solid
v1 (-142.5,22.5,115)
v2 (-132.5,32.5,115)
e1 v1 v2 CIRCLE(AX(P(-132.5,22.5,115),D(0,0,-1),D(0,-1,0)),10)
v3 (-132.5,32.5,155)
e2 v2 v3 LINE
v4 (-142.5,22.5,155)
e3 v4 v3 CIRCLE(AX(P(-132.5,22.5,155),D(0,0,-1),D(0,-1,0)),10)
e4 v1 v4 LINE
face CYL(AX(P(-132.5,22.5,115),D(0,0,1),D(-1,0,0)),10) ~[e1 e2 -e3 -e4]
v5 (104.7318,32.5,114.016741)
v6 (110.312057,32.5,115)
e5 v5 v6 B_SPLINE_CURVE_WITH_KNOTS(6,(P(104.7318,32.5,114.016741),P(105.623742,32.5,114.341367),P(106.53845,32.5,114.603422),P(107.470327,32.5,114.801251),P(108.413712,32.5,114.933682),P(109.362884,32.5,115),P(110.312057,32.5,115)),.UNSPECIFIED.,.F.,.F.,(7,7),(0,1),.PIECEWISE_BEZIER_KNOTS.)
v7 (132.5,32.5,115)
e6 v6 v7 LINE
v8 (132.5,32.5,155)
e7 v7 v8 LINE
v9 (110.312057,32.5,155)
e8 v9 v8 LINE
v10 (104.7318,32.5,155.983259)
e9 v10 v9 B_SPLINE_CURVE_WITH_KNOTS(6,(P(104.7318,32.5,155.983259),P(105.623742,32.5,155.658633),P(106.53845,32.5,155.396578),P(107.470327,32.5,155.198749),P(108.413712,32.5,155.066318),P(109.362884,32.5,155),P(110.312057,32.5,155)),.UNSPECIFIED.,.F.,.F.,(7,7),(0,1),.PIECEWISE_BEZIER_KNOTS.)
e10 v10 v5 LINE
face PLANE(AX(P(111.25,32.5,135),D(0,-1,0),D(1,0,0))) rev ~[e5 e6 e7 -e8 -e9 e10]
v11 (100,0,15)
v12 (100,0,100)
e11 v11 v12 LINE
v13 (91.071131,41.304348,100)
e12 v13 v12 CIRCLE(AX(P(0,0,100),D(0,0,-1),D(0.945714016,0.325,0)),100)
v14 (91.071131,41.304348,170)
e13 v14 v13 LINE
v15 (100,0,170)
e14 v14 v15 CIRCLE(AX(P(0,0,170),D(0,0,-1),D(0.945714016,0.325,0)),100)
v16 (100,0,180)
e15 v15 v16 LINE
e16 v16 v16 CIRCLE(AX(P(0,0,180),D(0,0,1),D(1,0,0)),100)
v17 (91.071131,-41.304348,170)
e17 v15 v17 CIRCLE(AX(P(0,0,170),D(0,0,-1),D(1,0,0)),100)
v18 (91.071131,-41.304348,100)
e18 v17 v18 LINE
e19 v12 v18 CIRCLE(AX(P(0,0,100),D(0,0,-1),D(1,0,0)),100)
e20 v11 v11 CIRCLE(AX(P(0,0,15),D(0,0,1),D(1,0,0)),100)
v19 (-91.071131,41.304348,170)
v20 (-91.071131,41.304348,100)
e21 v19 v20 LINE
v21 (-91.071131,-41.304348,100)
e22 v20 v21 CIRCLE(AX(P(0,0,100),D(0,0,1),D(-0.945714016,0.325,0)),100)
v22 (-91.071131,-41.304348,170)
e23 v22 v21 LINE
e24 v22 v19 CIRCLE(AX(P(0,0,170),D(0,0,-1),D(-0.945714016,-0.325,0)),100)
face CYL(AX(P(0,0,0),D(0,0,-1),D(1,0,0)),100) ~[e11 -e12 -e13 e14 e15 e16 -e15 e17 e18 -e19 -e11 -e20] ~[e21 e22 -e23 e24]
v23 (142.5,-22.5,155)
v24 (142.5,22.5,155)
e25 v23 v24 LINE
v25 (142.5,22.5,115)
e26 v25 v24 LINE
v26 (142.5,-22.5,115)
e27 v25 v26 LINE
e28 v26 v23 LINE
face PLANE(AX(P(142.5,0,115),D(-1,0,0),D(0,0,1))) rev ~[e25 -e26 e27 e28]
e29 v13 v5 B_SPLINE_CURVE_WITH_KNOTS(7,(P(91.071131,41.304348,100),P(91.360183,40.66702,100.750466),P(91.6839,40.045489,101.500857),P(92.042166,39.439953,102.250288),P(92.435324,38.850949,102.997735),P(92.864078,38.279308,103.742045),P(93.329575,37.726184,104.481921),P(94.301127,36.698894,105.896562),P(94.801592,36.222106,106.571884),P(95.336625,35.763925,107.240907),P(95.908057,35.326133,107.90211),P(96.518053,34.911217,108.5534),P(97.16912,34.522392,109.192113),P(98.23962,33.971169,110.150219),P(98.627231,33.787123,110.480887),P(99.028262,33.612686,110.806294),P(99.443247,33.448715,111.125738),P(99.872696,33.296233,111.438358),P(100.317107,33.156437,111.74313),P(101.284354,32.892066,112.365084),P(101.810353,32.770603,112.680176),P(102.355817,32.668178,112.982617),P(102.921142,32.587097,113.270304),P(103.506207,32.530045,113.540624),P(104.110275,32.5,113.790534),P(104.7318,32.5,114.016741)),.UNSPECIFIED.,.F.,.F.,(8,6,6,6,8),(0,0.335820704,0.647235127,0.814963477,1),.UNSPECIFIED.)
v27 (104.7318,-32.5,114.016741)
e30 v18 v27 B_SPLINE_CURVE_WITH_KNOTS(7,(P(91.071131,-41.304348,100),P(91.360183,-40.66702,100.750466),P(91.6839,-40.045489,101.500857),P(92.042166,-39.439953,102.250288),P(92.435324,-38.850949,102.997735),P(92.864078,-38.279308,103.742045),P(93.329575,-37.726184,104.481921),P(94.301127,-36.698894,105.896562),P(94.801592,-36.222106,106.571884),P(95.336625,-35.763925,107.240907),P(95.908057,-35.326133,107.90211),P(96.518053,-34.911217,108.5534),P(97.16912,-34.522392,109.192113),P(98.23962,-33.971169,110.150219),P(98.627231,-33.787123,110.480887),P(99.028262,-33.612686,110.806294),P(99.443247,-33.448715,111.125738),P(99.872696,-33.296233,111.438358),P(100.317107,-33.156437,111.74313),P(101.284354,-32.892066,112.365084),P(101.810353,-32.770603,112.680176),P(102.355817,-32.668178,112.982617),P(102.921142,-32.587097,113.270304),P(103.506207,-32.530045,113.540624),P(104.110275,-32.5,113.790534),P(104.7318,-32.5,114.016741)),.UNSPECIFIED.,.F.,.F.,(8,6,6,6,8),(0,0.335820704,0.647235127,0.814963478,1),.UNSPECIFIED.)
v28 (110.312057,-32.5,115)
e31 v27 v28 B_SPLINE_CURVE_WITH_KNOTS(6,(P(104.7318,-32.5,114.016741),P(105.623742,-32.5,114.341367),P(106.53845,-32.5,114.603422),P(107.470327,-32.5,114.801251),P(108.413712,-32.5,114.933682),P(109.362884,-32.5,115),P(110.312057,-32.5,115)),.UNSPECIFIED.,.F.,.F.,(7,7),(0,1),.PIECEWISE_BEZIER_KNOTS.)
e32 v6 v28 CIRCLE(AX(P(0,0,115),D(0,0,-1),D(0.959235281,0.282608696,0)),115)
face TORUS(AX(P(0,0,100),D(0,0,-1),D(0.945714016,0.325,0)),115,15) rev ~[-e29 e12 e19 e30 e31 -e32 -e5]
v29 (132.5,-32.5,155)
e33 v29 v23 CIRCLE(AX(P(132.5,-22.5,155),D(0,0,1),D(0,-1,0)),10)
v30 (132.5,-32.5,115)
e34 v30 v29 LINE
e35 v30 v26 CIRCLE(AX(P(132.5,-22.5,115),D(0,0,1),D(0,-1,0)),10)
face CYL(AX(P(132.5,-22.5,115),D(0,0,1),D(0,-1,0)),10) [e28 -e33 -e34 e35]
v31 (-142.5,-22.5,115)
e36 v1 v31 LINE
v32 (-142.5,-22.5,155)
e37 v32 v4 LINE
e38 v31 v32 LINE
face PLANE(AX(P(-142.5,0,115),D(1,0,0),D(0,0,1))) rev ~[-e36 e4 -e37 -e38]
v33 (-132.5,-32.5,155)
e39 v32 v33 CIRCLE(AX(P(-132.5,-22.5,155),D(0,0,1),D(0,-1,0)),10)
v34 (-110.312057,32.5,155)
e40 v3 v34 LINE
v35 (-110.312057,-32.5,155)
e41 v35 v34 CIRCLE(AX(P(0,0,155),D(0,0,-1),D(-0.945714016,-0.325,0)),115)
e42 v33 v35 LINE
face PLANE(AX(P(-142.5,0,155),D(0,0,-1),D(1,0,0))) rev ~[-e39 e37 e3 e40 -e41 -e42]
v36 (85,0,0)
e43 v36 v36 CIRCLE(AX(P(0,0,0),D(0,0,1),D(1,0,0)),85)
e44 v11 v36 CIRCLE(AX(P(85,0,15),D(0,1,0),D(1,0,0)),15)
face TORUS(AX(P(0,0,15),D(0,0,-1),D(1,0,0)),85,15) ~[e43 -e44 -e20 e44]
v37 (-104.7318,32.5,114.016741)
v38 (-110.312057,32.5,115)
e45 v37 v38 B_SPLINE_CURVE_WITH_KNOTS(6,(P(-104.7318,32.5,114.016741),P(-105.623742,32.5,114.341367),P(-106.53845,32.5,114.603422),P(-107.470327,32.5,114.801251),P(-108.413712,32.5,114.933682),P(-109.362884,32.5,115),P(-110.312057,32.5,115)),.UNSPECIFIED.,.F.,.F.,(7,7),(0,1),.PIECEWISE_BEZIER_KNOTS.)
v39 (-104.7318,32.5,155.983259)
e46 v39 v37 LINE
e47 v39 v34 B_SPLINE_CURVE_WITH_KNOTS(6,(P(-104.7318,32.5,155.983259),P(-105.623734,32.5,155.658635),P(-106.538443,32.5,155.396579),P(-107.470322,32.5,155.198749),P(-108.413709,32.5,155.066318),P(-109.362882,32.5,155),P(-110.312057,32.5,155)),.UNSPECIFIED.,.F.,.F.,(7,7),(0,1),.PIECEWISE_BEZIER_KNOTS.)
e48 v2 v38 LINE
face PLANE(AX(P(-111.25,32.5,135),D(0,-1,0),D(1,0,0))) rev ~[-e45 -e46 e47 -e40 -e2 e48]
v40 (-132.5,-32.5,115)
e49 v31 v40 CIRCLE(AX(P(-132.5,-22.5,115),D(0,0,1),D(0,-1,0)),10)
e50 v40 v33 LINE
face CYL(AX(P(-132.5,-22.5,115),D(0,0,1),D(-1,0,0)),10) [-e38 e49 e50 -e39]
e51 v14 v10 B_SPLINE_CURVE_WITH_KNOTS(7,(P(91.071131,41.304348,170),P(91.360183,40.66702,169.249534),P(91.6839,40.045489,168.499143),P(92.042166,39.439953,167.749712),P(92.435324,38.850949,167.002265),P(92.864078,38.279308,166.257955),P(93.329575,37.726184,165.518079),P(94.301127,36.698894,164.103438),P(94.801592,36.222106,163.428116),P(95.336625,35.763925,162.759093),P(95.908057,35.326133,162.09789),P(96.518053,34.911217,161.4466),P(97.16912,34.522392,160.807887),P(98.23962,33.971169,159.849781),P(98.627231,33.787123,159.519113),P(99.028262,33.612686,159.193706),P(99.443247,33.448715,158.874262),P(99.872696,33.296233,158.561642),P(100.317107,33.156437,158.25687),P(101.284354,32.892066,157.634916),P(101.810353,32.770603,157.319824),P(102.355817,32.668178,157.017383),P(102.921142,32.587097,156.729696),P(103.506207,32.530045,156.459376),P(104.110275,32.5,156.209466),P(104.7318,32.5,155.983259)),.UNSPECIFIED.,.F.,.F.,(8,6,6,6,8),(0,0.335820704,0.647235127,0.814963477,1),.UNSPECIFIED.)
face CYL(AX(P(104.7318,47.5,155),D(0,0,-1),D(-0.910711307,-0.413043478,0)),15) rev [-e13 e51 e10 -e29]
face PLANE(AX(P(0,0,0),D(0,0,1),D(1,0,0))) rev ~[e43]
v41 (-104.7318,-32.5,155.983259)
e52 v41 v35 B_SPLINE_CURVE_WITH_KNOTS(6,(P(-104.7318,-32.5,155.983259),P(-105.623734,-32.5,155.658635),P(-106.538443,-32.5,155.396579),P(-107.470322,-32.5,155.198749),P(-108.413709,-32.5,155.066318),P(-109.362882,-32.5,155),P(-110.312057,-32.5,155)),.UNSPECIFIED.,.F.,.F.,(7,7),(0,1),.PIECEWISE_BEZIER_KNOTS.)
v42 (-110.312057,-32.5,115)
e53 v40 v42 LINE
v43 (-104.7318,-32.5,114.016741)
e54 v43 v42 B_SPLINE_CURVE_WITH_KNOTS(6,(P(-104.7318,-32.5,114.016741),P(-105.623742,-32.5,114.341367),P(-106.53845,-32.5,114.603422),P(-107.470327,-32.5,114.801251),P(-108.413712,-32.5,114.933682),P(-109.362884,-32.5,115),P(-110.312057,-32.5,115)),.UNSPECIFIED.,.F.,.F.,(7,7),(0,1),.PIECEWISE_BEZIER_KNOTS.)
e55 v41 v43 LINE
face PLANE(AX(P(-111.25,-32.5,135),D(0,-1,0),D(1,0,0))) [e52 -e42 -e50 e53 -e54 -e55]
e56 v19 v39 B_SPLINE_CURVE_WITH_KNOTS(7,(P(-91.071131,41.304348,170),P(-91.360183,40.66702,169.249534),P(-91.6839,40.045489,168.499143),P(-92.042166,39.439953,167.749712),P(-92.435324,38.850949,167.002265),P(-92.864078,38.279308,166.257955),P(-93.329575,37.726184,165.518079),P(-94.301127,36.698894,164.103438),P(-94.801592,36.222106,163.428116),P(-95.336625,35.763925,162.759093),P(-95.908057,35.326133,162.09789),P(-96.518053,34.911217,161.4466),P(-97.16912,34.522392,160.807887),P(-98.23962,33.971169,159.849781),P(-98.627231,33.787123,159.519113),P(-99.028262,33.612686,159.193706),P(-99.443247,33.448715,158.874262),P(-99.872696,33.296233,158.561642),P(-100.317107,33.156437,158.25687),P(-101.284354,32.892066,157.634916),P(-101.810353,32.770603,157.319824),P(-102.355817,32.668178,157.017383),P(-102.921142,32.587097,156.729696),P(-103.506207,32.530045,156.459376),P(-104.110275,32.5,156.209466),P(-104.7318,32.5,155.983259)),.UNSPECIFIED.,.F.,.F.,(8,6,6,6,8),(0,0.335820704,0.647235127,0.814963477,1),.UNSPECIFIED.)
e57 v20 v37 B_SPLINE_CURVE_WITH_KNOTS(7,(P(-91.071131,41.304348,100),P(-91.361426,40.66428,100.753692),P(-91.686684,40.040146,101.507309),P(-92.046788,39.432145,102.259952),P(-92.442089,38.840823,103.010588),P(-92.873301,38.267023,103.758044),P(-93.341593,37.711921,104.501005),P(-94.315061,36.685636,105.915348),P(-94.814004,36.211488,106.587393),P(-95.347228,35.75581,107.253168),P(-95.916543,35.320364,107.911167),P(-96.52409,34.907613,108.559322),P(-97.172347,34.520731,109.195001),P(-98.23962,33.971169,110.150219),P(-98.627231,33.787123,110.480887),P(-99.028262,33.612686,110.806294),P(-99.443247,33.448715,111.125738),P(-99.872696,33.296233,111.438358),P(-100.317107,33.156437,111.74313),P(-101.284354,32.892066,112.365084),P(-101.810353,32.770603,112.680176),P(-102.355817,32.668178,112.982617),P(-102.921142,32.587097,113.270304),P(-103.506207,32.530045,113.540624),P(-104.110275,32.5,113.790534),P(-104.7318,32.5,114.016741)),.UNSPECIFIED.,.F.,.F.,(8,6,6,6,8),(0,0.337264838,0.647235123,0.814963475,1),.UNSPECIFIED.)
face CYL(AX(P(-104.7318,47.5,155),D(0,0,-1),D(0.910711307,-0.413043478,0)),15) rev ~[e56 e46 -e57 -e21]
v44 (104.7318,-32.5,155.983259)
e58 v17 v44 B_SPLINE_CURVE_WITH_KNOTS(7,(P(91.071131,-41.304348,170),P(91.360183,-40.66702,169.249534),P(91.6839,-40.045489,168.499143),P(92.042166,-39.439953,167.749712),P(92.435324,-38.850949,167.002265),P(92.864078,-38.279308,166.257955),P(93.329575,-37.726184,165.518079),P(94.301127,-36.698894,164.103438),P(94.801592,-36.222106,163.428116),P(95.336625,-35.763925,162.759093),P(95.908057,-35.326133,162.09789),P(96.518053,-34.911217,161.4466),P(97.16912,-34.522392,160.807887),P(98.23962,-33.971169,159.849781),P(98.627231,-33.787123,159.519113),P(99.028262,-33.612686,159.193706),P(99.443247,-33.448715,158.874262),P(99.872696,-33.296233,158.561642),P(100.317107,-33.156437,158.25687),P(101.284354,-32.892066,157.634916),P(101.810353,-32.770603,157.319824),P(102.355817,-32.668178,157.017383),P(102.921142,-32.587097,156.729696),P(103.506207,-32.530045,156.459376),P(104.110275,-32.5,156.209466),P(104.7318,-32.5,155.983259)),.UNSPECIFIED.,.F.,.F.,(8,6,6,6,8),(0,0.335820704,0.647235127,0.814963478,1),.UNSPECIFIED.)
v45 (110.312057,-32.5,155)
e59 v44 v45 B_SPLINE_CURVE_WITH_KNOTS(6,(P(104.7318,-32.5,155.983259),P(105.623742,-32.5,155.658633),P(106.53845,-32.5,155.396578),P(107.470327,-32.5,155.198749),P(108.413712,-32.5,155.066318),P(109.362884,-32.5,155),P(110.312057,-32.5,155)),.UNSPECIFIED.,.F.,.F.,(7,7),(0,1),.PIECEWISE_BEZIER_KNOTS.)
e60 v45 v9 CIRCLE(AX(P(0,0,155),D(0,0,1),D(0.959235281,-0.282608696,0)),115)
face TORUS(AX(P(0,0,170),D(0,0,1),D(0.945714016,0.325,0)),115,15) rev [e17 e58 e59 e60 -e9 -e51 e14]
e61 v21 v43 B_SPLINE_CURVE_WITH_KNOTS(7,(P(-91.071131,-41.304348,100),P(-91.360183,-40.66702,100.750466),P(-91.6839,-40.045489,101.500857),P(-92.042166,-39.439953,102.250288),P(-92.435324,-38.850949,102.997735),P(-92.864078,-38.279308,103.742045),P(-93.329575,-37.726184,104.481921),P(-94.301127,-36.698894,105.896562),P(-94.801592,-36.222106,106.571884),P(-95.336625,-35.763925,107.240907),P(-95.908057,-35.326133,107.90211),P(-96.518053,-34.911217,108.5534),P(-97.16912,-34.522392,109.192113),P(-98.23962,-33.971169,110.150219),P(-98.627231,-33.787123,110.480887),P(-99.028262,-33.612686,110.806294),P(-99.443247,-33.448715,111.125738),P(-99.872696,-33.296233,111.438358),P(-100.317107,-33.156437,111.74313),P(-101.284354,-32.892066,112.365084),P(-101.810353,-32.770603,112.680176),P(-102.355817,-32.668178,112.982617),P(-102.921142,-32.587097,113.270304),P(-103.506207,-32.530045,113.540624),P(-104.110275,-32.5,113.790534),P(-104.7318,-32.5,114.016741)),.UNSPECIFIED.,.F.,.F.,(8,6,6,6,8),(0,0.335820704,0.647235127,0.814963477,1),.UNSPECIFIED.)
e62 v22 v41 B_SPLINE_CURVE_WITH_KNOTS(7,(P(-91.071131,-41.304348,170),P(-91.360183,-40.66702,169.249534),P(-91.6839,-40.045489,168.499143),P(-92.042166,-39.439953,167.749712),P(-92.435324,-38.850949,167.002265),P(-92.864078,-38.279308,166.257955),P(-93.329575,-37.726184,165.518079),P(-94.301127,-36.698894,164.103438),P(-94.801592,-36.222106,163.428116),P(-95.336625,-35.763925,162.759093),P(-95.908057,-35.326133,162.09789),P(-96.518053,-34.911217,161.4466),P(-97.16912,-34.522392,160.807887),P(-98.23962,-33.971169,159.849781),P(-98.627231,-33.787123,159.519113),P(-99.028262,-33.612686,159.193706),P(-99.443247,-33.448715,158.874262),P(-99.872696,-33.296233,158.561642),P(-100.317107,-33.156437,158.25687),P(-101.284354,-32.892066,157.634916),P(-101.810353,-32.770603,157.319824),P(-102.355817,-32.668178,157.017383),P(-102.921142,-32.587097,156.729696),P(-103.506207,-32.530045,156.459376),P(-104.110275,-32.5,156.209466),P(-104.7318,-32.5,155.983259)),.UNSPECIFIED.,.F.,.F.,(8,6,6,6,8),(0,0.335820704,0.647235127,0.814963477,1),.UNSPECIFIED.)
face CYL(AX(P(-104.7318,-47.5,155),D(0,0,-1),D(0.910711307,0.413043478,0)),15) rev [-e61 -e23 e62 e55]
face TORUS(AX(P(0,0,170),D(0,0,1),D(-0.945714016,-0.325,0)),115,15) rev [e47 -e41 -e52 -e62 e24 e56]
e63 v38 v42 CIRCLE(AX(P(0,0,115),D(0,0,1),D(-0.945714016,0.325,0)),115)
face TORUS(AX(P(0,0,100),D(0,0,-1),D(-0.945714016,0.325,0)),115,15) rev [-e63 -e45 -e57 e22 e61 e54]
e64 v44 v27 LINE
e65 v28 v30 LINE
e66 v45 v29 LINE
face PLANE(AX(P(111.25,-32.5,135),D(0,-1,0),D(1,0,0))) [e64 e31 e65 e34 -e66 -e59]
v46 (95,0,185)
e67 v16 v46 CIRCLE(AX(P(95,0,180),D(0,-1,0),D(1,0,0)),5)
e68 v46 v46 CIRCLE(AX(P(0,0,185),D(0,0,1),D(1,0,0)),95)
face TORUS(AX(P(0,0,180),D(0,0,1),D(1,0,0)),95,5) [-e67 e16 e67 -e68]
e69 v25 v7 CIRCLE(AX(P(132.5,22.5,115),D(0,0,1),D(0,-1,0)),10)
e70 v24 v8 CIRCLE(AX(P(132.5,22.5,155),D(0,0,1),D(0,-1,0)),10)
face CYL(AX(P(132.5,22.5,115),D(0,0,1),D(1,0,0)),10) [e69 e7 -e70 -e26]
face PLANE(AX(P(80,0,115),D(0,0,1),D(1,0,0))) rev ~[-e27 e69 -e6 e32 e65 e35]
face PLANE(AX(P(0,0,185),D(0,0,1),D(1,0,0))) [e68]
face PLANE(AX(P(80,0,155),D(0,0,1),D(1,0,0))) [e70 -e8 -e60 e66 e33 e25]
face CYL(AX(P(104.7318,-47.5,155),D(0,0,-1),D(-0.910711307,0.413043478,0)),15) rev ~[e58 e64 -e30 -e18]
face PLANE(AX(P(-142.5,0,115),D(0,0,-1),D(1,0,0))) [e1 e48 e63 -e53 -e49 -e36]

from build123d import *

# Parameters (mm, degrees)
F0_R          = 100
F1_DEPTH      = 185
F2_W          = 62.5
F2_H          = 40
F3_DEPTH      = 32.5
F3_DEPTH_BACK = 32.5
F4_R          = 10
F5_R          = 5
F6_R          = 15


with BuildPart() as f1:
    # F0 (on Top) → F1 (new body)
    with BuildSketch(Plane.XY):
        Circle(F0_R)
    extrude(amount=F1_DEPTH)

    # F2 (on Front) → F3 (join, two sides)
    with BuildSketch(Plane.XZ) as f3_sk:
        with Locations((-111.25, 135)):
            Rectangle(F2_W, F2_H)
        with Locations((111.25, 135)):
            Rectangle(F2_W, F2_H)
    extrude(amount=F3_DEPTH)
    extrude(f3_sk.sketch, amount=-F3_DEPTH_BACK)

    # F4
    f4_edges = [f1.edges().sort_by_distance(p)[0] for p in [
        (-142.5, -32.5, 135),
        (-142.5, 32.5, 135),
        (142.5, -32.5, 135),
        (142.5, 32.5, 135),
    ]]
    fillet(f4_edges, radius=F4_R)

    # F5
    f5_edges = [f1.edges().sort_by_distance(p)[0] for p in [
        (-100, 0, 185),
    ]]
    fillet(f5_edges, radius=F5_R)

    # F6
    f6_edges = [f1.edges().sort_by_distance(p)[0] for p in [
        (100, 0, 167.5),
        (-100, 0, 180),
        (98.633514, -16.47513, 155),
        (94.571402, -32.5, 135),
        (98.633514, 16.47513, 155),
        (98.633514, -16.47513, 115),
        (94.571402, 32.5, 135),
        (100, 0, 57.5),
        (98.633514, 16.47513, 115),
        (-100, 0, 0),
        (-94.571402, -32.5, 135),
        (-100, 0, 115),
        (-94.571402, 32.5, 135),
        (-100, 0, 155),
    ]]
    fillet(f6_edges, radius=F6_R)


solid = f1.part
